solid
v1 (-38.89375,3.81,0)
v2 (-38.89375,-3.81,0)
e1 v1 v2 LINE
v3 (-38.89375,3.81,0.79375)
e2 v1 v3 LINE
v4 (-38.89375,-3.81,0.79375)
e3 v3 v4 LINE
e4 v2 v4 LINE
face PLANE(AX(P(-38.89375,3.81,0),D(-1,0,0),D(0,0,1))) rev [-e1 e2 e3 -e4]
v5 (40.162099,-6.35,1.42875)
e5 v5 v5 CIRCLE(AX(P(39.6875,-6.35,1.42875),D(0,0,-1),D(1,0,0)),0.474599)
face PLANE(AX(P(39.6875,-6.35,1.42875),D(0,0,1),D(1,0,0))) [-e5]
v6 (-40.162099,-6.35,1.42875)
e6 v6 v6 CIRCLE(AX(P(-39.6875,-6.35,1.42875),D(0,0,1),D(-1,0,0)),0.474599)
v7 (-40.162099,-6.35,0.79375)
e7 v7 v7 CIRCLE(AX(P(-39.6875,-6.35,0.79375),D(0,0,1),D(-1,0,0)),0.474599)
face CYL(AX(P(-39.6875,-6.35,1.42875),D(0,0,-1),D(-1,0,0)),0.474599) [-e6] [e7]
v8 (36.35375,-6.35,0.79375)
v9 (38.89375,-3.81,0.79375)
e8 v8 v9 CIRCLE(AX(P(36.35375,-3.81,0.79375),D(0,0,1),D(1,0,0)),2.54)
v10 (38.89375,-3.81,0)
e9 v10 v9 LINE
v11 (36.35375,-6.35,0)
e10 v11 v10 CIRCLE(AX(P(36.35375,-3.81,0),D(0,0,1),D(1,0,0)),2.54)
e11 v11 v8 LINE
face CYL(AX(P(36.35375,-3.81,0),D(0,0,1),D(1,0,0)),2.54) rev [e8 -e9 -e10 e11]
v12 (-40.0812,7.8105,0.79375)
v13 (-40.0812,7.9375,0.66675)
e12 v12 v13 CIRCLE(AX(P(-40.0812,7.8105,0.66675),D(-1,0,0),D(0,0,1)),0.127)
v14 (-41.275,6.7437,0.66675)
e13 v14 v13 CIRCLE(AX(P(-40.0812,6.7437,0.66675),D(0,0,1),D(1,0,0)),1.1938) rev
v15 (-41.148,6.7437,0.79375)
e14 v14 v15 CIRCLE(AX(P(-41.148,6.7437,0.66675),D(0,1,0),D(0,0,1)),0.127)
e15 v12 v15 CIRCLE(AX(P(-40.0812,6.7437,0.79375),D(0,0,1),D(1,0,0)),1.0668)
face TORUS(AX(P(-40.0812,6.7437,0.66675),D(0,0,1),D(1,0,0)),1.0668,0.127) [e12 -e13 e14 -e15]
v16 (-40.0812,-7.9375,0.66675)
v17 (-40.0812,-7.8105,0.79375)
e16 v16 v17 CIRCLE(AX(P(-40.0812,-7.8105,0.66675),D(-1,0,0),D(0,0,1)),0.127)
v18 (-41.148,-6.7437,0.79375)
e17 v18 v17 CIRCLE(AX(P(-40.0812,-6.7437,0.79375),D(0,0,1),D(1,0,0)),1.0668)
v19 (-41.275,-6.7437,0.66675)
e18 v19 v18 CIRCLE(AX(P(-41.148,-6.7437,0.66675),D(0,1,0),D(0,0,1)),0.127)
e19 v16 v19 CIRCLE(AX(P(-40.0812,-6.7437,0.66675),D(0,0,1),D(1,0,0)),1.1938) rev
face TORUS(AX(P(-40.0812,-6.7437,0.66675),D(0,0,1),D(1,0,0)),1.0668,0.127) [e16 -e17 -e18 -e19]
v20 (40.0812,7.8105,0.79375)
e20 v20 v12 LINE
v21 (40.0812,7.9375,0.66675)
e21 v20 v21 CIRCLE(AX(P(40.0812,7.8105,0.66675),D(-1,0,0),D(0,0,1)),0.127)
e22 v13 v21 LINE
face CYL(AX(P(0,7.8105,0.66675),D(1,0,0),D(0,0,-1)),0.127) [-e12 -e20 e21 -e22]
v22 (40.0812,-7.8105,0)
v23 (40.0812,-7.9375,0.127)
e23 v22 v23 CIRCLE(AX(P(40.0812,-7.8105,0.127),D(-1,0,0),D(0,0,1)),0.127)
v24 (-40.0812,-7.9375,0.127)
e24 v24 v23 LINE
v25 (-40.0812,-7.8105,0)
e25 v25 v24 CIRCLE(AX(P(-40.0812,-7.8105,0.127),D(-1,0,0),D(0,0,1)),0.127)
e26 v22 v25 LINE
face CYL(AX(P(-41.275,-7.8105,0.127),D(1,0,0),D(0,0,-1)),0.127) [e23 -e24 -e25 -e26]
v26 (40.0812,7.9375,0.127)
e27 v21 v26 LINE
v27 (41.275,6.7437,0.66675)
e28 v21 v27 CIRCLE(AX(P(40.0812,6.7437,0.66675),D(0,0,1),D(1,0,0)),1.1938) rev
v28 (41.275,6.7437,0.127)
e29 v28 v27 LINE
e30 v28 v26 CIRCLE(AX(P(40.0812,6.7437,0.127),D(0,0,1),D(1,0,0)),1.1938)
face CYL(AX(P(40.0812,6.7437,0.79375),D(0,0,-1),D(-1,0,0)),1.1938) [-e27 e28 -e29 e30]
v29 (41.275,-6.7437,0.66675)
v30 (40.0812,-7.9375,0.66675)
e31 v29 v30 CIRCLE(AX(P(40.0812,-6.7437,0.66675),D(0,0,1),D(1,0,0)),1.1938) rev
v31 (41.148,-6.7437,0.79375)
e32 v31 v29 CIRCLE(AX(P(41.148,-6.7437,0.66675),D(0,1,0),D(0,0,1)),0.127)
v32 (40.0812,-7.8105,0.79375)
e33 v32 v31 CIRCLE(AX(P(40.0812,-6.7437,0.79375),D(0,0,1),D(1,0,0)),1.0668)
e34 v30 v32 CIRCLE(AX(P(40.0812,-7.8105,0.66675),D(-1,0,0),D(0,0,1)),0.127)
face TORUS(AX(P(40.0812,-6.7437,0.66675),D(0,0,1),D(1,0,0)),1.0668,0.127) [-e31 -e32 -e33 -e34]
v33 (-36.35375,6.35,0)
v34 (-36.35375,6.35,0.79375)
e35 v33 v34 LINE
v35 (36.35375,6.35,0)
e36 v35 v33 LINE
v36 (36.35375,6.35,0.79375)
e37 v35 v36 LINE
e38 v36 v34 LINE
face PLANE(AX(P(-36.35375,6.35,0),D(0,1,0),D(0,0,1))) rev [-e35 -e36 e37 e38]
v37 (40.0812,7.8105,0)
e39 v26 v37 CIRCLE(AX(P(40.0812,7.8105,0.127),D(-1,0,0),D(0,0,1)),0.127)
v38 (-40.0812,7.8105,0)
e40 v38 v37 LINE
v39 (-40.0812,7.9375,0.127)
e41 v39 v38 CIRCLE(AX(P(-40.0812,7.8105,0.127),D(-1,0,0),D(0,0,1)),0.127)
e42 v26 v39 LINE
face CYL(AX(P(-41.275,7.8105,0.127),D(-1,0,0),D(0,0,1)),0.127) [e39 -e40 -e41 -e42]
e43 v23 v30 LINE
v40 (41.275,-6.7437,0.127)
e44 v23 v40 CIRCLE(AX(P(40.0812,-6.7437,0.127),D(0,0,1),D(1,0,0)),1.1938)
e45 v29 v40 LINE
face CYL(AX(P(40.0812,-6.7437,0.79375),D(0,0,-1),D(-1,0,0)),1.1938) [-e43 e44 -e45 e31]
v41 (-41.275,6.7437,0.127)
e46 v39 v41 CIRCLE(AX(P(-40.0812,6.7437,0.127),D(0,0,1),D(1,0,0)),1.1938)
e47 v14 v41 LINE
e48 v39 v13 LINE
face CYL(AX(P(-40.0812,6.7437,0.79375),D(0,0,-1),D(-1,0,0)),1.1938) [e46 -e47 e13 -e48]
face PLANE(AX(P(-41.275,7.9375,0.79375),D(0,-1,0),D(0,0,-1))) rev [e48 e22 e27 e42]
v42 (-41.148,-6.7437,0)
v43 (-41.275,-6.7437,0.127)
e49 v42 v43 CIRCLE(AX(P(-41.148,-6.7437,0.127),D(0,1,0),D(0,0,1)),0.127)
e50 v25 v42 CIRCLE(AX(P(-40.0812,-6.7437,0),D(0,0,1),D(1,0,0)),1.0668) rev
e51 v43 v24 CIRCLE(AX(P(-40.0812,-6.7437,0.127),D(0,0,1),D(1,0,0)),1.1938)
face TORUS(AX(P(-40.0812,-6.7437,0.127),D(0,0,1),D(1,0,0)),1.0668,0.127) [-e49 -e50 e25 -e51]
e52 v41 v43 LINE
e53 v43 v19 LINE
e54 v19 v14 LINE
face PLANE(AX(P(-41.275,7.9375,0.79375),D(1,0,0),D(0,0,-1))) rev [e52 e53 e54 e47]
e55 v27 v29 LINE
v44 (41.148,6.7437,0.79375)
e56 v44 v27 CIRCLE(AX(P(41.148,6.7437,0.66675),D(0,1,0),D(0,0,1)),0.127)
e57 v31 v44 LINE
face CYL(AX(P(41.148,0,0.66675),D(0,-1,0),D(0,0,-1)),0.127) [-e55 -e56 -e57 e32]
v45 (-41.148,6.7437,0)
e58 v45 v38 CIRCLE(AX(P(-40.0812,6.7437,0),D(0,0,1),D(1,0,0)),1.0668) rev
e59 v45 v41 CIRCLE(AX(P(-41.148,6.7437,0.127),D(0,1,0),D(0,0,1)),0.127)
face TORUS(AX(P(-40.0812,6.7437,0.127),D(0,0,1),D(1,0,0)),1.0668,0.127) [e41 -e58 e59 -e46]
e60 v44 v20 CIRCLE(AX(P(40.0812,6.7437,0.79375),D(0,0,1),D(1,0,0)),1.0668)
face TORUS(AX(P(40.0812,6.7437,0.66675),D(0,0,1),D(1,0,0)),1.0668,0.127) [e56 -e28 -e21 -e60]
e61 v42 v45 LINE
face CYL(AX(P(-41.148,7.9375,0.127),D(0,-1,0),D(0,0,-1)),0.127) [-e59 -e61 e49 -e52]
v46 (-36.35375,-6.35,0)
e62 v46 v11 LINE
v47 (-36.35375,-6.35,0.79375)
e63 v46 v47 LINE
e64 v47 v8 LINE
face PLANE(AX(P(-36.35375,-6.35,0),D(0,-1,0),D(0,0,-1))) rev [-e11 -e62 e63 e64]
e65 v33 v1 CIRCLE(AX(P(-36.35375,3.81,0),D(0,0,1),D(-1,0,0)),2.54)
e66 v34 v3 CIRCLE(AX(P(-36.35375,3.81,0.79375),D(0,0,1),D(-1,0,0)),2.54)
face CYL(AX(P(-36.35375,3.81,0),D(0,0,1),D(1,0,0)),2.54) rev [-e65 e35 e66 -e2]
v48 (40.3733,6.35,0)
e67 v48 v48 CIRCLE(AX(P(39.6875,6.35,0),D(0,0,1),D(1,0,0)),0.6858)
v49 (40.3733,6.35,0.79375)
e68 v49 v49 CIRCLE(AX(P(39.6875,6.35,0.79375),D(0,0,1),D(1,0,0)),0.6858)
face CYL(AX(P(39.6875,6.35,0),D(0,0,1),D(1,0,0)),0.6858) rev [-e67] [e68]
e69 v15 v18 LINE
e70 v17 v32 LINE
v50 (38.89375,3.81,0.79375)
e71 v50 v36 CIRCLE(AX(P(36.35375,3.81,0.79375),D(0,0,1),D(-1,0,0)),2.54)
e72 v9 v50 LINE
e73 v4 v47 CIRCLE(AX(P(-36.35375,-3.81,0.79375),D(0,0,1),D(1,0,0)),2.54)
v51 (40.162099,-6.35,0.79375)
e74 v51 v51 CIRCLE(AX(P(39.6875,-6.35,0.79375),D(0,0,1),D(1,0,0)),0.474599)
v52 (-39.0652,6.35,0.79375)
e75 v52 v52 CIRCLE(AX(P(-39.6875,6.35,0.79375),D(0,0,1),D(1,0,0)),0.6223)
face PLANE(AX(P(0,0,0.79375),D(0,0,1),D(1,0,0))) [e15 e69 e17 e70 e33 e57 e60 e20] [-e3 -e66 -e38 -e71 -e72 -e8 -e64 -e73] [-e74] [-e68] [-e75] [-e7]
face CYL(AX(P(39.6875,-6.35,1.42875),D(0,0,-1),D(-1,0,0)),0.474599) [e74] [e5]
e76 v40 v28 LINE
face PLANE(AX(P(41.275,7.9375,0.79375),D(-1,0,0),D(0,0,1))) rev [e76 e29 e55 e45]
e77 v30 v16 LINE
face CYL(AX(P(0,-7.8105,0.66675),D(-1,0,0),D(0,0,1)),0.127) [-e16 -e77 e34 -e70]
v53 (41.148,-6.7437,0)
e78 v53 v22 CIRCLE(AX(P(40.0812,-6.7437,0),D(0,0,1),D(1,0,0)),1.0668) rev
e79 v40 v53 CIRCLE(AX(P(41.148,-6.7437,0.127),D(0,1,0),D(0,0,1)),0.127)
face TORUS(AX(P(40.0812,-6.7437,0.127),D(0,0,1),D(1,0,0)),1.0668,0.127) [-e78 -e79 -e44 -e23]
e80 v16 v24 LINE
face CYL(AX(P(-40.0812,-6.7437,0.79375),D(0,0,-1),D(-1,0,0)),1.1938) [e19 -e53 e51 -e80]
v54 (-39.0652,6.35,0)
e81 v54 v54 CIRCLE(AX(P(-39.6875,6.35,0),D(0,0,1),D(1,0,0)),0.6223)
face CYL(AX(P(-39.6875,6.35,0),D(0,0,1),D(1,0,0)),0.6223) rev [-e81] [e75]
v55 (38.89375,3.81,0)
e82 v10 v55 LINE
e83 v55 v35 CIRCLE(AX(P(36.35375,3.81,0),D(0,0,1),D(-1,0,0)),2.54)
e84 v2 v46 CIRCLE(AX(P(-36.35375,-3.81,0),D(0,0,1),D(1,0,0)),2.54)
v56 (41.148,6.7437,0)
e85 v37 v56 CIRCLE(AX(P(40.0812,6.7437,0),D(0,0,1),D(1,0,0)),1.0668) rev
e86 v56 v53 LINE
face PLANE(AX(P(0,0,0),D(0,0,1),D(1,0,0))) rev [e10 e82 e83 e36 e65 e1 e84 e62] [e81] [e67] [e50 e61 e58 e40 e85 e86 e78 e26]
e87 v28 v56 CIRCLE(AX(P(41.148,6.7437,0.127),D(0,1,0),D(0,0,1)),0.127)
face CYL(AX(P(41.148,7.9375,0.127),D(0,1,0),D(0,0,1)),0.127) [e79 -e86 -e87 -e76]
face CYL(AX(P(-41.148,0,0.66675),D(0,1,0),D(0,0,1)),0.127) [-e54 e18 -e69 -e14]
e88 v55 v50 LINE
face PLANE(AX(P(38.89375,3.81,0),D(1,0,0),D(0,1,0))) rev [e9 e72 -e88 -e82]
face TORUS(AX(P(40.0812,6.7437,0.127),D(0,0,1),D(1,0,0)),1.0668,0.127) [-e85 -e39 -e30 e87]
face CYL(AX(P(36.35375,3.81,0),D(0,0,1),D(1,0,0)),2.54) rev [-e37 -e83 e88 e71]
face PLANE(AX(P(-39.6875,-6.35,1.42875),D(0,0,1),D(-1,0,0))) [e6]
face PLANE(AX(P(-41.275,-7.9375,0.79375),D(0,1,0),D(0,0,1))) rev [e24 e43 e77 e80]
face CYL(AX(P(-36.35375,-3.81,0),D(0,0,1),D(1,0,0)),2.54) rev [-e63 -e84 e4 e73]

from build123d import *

# Parameters (mm, degrees)
SKETCH1_W               = 82.55
SKETCH1_H               = 15.875
BOSS_EXTRUDE1_DEPTH     = 0.79375
SKETCH4_R               = 0.474599
BOSS_EXTRUDE2_DEPTH     = 0.635
MIRROR2_COPY_1_SKETCH_R = 0.474599
MIRROR2_COPY_1_DEPTH    = 0.635
CUT_EXTRUDE3_DEPTH      = 43.038786499
SKETCH7_R               = 0.6223
SKETCH7_R_2             = 0.6858
CUT_EXTRUDE4_DEPTH      = 43.05556869
FILLET1_R               = 1.1938
FILLET2_R               = 0.127


with BuildPart() as part:
    # Sketch1 → Boss-Extrude1 (new body)
    with BuildSketch(Plane.XY):
        Rectangle(SKETCH1_W, SKETCH1_H)
    extrude(amount=BOSS_EXTRUDE1_DEPTH)

    # Sketch4 → Boss-Extrude2 (add)
    with BuildSketch(Plane.XY.offset(0.79375)):
        with Locations((39.6875, 6.35)):
            Circle(SKETCH4_R)
    boss_extrude2 = extrude(amount=BOSS_EXTRUDE2_DEPTH)

    # Mirror1: Boss-Extrude2 across plane
    add(boss_extrude2.mirror(Plane.ZX))

    # Mirror2: Boss-Extrude2 across plane
    add(boss_extrude2.mirror(Plane(origin=(0, 0, 0), x_dir=(0, 0, 1), z_dir=(1, 0, 0))))

    # Mirror2 copy 1 sketch → Mirror2 copy 1 (add)
    with BuildSketch(Plane(origin=(0, 0, 0.79375), x_dir=(-1, 0, 0), z_dir=(0, 0, 1))):
        with Locations((39.6875, 6.35)):
            Circle(MIRROR2_COPY_1_SKETCH_R)
    extrude(amount=MIRROR2_COPY_1_DEPTH)

    # Sketch6 → Cut-Extrude3 (cut, through all)
    with BuildSketch(Plane.XY.offset(0.79375)):
        with BuildLine():
            Line((-36.35375, 6.35), (36.35375, 6.35))
            ThreePointArc((36.35375, 6.35), (38.149801224, 5.606051224), (38.89375, 3.81))
            Line((38.89375, 3.81), (38.89375, -3.81))
            ThreePointArc((38.89375, -3.81), (38.149801224, -5.606051224), (36.35375, -6.35))
            Line((36.35375, -6.35), (-36.35375, -6.35))
            ThreePointArc((-36.35375, -6.35), (-38.149801224, -5.606051224), (-38.89375, -3.81))
            Line((-38.89375, -3.81), (-38.89375, 3.81))
            ThreePointArc((-38.89375, 3.81), (-38.149801224, 5.606051224), (-36.35375, 6.35))
        make_face()
    extrude(amount=-CUT_EXTRUDE3_DEPTH, mode=Mode.SUBTRACT)

    # Sketch7 → Cut-Extrude4 (cut, through all)
    with BuildSketch(Plane.XY.offset(1.42875)):
        with Locations((-39.6875, 6.35)):
            Circle(SKETCH7_R)
        with Locations((39.6875, 6.35)):
            Circle(SKETCH7_R_2)
    extrude(amount=-CUT_EXTRUDE4_DEPTH, mode=Mode.SUBTRACT)

    # Fillet1
    fillet1_edges = [part.edges().sort_by_distance(p)[0] for p in [
        (41.275, -7.9375, 0.396875),
        (-41.275, -7.9375, 0.396875),
        (-41.275, 7.9375, 0.396875),
        (41.275, 7.9375, 0.396875),
    ]]
    fillet(fillet1_edges, radius=FILLET1_R)

    # Fillet2
    fillet2_edges = [part.edges().sort_by_distance(p)[0] for p in [
        (0, 7.9375, 0),
        (0, 7.9375, 0.79375),
        (41.275, 0, 0),
        (0, -7.9375, 0),
        (-41.275, 0, 0),
        (-40.925344075, 7.587844075, 0),
        (-40.925344075, -7.587844075, 0),
        (40.925344075, -7.587844075, 0),
        (40.925344075, 7.587844075, 0),
        (41.275, 0, 0.79375),
        (-41.275, 0, 0.79375),
        (0, -7.9375, 0.79375),
        (-40.925344075, 7.587844075, 0.79375),
        (-40.925344075, -7.587844075, 0.79375),
        (40.925344075, -7.587844075, 0.79375),
        (40.925344075, 7.587844075, 0.79375),
    ]]
    fillet(fillet2_edges, radius=FILLET2_R)


solid = part.part
